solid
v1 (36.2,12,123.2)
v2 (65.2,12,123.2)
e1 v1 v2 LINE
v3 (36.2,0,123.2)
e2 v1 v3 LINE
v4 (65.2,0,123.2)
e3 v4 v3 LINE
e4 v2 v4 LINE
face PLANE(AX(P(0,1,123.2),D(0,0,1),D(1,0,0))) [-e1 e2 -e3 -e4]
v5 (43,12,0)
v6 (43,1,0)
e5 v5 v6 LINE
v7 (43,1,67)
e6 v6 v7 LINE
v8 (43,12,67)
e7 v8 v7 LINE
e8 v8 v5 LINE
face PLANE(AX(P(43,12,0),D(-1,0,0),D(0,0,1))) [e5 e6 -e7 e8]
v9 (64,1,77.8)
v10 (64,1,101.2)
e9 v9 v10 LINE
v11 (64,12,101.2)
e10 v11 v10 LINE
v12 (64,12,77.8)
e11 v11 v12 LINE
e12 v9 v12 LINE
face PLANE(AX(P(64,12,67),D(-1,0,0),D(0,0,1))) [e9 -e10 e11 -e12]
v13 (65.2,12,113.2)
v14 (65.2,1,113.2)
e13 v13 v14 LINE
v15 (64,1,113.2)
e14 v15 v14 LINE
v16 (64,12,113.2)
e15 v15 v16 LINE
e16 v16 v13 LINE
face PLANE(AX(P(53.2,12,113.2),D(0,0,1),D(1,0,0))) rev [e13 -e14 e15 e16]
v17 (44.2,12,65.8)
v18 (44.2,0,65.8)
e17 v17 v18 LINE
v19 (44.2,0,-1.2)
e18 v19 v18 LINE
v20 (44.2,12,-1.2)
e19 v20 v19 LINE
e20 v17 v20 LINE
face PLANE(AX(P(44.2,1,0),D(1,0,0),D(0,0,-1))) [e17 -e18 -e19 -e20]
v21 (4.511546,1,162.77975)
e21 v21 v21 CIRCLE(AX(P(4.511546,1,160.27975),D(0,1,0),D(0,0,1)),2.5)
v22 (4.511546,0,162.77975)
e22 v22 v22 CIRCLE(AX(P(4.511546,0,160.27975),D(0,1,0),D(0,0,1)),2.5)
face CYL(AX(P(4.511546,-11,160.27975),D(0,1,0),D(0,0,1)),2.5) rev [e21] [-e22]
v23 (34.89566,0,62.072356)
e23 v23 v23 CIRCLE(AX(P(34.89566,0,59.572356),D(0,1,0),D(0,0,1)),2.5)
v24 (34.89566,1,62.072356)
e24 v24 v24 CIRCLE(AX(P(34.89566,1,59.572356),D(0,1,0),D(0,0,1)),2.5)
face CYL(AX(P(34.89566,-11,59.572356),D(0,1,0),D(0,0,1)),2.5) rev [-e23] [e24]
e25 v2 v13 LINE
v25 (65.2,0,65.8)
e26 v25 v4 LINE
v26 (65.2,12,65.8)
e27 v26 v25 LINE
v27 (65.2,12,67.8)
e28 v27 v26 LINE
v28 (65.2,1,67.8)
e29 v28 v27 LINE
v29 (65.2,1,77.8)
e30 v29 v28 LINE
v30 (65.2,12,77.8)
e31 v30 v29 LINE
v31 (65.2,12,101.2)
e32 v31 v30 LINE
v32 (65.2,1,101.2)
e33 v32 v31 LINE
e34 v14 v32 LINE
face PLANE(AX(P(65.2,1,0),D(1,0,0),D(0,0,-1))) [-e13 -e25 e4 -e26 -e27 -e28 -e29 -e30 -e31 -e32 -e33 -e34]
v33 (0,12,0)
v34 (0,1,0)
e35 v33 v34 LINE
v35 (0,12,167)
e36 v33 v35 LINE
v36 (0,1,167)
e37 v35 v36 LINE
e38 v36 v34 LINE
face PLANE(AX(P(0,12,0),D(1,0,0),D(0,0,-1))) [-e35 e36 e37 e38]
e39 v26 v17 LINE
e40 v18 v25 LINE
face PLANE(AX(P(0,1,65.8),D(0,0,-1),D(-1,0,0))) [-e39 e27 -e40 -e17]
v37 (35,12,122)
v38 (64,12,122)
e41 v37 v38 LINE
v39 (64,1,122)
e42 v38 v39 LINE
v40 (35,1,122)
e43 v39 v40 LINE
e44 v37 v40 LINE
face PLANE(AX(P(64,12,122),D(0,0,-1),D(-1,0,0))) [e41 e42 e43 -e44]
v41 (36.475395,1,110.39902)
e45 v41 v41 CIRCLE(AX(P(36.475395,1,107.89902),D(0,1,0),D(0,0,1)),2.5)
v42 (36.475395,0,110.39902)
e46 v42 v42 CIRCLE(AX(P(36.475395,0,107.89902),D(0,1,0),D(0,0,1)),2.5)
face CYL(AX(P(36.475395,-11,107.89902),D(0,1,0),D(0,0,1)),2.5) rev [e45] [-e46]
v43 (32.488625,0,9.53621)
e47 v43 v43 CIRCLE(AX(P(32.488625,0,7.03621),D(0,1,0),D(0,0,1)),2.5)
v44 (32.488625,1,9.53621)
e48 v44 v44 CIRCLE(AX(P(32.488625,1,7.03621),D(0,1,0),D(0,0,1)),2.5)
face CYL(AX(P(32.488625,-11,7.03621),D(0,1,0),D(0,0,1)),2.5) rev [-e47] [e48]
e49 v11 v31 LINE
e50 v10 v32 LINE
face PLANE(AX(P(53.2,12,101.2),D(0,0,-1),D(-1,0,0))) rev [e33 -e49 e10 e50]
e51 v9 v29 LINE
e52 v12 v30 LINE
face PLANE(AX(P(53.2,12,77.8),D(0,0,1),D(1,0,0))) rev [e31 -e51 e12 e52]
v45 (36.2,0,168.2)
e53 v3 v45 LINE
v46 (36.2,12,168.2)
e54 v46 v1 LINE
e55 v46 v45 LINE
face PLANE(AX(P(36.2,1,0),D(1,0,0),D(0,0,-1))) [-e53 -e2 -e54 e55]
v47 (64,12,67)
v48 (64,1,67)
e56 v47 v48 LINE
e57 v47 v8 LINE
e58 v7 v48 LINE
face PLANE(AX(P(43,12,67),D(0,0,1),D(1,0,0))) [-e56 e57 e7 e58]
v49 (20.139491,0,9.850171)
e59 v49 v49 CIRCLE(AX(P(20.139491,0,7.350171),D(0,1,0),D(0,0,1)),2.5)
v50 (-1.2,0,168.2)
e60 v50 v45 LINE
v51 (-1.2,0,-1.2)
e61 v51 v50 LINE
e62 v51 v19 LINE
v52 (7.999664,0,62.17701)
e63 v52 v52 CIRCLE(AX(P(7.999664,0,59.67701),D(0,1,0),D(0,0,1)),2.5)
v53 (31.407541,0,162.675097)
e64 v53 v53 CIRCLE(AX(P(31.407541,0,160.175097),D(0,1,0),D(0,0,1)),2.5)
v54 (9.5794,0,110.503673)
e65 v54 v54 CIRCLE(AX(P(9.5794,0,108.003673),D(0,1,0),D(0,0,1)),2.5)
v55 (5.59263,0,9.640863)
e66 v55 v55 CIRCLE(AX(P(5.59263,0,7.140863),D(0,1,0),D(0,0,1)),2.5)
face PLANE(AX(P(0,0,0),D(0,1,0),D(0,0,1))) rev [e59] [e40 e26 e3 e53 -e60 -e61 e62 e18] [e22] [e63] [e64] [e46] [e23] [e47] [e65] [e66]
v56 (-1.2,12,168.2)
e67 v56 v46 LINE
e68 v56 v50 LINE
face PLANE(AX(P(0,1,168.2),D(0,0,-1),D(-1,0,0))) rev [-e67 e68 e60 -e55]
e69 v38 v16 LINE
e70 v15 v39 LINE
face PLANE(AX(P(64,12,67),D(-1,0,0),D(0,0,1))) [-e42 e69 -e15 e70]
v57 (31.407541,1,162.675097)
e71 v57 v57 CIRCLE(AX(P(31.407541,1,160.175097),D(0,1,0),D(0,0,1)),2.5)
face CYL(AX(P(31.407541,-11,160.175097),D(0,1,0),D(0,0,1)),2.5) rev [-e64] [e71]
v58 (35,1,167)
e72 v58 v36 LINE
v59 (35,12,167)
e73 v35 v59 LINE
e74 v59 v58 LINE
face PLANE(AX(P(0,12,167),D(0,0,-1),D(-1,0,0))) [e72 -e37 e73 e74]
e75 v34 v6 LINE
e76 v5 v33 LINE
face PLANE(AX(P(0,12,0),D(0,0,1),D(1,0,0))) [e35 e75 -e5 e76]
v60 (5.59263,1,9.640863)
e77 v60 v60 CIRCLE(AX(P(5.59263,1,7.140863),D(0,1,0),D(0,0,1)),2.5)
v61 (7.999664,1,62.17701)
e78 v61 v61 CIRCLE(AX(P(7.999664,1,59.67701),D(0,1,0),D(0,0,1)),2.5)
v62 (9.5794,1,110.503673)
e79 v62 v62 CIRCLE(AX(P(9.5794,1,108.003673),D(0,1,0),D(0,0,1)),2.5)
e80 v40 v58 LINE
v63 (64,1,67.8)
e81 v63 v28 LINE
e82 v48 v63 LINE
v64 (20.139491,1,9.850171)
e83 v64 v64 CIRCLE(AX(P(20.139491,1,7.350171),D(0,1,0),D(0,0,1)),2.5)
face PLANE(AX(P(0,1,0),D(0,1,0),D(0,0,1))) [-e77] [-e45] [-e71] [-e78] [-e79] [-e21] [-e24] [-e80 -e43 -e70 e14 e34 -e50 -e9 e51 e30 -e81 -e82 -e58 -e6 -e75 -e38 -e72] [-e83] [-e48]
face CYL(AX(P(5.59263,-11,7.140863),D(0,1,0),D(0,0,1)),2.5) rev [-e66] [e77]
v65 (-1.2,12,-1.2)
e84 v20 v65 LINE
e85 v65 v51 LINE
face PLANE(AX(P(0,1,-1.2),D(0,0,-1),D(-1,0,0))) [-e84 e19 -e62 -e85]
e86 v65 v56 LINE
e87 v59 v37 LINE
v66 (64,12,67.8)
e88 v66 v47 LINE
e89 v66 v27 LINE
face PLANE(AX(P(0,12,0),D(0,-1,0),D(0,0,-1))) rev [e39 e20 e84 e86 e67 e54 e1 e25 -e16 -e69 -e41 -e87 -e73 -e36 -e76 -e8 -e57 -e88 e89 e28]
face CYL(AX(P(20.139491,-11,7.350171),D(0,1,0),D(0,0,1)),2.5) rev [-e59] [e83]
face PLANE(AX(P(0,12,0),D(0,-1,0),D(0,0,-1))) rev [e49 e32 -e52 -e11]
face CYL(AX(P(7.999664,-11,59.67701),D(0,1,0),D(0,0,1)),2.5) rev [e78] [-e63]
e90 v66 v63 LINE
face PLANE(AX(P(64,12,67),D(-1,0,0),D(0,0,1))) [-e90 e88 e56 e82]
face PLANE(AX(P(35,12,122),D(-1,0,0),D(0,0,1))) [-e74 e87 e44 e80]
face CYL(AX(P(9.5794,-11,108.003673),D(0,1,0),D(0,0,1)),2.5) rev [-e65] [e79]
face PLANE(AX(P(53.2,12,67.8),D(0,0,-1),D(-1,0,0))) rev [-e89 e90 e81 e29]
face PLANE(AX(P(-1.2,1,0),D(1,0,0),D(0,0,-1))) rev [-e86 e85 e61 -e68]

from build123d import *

# Parameters (mm, degrees)
BOSS_EXTRUDE1_DEPTH = 1
BOSS_EXTRUDE2_DEPTH = 12
SKETCH2_W           = 10
SKETCH2_H           = 11
SKETCH2_W_2         = 12
CUT_EXTRUDE1_DEPTH  = 12
SKETCH3_R           = 2.5
CUT_EXTRUDE2_DEPTH  = 12


with BuildPart() as part:
    # Sketch1 → Boss-Extrude1 (new body)
    with BuildSketch(Plane(origin=(0, 0, 0), x_dir=(1, 0, 0), z_dir=(0, 1, 0))):
        Polygon((-1.2, 1.2), (44.2, 1.2), (44.2, -65.8), (65.2, -65.8), (65.2, -123.2), (36.2, -123.2), (36.2, -168.2), (-1.2, -168.2), align=None)
        Polygon((0, -167), (35, -167), (35, -122), (64, -122), (64, -67), (43, -67), (43, 0), (0, 0), align=None, mode=Mode.SUBTRACT)
        Polygon((0, 0), (0, -167), (35, -167), (35, -122), (64, -122), (64, -67), (43, -67), (43, 0), align=None)
    extrude(amount=BOSS_EXTRUDE1_DEPTH)

    # Sketch1<3> → Boss-Extrude2 (add)
    with BuildSketch(Plane(origin=(0, 0, 0), x_dir=(1, 0, 0), z_dir=(0, 1, 0))):
        Polygon((-1.2, 1.2), (-1.2, -168.2), (36.2, -168.2), (36.2, -123.2), (65.2, -123.2), (65.2, -65.8), (44.2, -65.8), (44.2, 1.2), align=None)
        Polygon((0, 0), (0, -167), (35, -167), (35, -122), (64, -122), (64, -67), (43, -67), (43, 0), align=None, mode=Mode.SUBTRACT)
    extrude(amount=BOSS_EXTRUDE2_DEPTH)

    # Sketch2 → Cut-Extrude1 (cut)
    with BuildSketch(Plane(origin=(65.2, 0, 0), x_dir=(0, 0, -1), z_dir=(1, 0, 0))):
        with Locations((-72.8, 6.5)):
            Rectangle(SKETCH2_W, SKETCH2_H)
        with Locations((-107.2, 6.5)):
            Rectangle(SKETCH2_W_2, SKETCH2_H)
    extrude(amount=-CUT_EXTRUDE1_DEPTH, mode=Mode.SUBTRACT)

    # Sketch3 → Cut-Extrude2 (cut)
    with BuildSketch(Plane(origin=(0, 1, 0), x_dir=(1, 0, 0), z_dir=(0, 1, 0))):
        with Locations(Location((5.592629817, -7.1408635, 0), (0, 0, 270))):
            Circle(SKETCH3_R)
        with Locations(Location((20.139491033, -7.350170855, 0), (0, 0, 270))):
            Circle(SKETCH3_R)
        with Locations(Location((32.488625014, -7.036209822, 0), (0, 0, 270))):
            Circle(SKETCH3_R)
        with Locations(Location((7.999664407, -59.67700976, 0), (0, 0, 270))):
            Circle(SKETCH3_R)
        with Locations(Location((34.895659604, -59.572356082, 0), (0, 0, 270))):
            Circle(SKETCH3_R)
        with Locations(Location((9.579399834, -108.003673304, 0), (0, 0, 270))):
            Circle(SKETCH3_R)
        with Locations(Location((36.475395031, -107.899019626, 0), (0, 0, 270))):
            Circle(SKETCH3_R)
        with Locations(Location((4.511546122, -160.279750326, 0), (0, 0, 270))):
            Circle(SKETCH3_R)
        with Locations(Location((31.407541319, -160.175096649, 0), (0, 0, 270))):
            Circle(SKETCH3_R)
    extrude(amount=-CUT_EXTRUDE2_DEPTH, mode=Mode.SUBTRACT)


solid = part.part
